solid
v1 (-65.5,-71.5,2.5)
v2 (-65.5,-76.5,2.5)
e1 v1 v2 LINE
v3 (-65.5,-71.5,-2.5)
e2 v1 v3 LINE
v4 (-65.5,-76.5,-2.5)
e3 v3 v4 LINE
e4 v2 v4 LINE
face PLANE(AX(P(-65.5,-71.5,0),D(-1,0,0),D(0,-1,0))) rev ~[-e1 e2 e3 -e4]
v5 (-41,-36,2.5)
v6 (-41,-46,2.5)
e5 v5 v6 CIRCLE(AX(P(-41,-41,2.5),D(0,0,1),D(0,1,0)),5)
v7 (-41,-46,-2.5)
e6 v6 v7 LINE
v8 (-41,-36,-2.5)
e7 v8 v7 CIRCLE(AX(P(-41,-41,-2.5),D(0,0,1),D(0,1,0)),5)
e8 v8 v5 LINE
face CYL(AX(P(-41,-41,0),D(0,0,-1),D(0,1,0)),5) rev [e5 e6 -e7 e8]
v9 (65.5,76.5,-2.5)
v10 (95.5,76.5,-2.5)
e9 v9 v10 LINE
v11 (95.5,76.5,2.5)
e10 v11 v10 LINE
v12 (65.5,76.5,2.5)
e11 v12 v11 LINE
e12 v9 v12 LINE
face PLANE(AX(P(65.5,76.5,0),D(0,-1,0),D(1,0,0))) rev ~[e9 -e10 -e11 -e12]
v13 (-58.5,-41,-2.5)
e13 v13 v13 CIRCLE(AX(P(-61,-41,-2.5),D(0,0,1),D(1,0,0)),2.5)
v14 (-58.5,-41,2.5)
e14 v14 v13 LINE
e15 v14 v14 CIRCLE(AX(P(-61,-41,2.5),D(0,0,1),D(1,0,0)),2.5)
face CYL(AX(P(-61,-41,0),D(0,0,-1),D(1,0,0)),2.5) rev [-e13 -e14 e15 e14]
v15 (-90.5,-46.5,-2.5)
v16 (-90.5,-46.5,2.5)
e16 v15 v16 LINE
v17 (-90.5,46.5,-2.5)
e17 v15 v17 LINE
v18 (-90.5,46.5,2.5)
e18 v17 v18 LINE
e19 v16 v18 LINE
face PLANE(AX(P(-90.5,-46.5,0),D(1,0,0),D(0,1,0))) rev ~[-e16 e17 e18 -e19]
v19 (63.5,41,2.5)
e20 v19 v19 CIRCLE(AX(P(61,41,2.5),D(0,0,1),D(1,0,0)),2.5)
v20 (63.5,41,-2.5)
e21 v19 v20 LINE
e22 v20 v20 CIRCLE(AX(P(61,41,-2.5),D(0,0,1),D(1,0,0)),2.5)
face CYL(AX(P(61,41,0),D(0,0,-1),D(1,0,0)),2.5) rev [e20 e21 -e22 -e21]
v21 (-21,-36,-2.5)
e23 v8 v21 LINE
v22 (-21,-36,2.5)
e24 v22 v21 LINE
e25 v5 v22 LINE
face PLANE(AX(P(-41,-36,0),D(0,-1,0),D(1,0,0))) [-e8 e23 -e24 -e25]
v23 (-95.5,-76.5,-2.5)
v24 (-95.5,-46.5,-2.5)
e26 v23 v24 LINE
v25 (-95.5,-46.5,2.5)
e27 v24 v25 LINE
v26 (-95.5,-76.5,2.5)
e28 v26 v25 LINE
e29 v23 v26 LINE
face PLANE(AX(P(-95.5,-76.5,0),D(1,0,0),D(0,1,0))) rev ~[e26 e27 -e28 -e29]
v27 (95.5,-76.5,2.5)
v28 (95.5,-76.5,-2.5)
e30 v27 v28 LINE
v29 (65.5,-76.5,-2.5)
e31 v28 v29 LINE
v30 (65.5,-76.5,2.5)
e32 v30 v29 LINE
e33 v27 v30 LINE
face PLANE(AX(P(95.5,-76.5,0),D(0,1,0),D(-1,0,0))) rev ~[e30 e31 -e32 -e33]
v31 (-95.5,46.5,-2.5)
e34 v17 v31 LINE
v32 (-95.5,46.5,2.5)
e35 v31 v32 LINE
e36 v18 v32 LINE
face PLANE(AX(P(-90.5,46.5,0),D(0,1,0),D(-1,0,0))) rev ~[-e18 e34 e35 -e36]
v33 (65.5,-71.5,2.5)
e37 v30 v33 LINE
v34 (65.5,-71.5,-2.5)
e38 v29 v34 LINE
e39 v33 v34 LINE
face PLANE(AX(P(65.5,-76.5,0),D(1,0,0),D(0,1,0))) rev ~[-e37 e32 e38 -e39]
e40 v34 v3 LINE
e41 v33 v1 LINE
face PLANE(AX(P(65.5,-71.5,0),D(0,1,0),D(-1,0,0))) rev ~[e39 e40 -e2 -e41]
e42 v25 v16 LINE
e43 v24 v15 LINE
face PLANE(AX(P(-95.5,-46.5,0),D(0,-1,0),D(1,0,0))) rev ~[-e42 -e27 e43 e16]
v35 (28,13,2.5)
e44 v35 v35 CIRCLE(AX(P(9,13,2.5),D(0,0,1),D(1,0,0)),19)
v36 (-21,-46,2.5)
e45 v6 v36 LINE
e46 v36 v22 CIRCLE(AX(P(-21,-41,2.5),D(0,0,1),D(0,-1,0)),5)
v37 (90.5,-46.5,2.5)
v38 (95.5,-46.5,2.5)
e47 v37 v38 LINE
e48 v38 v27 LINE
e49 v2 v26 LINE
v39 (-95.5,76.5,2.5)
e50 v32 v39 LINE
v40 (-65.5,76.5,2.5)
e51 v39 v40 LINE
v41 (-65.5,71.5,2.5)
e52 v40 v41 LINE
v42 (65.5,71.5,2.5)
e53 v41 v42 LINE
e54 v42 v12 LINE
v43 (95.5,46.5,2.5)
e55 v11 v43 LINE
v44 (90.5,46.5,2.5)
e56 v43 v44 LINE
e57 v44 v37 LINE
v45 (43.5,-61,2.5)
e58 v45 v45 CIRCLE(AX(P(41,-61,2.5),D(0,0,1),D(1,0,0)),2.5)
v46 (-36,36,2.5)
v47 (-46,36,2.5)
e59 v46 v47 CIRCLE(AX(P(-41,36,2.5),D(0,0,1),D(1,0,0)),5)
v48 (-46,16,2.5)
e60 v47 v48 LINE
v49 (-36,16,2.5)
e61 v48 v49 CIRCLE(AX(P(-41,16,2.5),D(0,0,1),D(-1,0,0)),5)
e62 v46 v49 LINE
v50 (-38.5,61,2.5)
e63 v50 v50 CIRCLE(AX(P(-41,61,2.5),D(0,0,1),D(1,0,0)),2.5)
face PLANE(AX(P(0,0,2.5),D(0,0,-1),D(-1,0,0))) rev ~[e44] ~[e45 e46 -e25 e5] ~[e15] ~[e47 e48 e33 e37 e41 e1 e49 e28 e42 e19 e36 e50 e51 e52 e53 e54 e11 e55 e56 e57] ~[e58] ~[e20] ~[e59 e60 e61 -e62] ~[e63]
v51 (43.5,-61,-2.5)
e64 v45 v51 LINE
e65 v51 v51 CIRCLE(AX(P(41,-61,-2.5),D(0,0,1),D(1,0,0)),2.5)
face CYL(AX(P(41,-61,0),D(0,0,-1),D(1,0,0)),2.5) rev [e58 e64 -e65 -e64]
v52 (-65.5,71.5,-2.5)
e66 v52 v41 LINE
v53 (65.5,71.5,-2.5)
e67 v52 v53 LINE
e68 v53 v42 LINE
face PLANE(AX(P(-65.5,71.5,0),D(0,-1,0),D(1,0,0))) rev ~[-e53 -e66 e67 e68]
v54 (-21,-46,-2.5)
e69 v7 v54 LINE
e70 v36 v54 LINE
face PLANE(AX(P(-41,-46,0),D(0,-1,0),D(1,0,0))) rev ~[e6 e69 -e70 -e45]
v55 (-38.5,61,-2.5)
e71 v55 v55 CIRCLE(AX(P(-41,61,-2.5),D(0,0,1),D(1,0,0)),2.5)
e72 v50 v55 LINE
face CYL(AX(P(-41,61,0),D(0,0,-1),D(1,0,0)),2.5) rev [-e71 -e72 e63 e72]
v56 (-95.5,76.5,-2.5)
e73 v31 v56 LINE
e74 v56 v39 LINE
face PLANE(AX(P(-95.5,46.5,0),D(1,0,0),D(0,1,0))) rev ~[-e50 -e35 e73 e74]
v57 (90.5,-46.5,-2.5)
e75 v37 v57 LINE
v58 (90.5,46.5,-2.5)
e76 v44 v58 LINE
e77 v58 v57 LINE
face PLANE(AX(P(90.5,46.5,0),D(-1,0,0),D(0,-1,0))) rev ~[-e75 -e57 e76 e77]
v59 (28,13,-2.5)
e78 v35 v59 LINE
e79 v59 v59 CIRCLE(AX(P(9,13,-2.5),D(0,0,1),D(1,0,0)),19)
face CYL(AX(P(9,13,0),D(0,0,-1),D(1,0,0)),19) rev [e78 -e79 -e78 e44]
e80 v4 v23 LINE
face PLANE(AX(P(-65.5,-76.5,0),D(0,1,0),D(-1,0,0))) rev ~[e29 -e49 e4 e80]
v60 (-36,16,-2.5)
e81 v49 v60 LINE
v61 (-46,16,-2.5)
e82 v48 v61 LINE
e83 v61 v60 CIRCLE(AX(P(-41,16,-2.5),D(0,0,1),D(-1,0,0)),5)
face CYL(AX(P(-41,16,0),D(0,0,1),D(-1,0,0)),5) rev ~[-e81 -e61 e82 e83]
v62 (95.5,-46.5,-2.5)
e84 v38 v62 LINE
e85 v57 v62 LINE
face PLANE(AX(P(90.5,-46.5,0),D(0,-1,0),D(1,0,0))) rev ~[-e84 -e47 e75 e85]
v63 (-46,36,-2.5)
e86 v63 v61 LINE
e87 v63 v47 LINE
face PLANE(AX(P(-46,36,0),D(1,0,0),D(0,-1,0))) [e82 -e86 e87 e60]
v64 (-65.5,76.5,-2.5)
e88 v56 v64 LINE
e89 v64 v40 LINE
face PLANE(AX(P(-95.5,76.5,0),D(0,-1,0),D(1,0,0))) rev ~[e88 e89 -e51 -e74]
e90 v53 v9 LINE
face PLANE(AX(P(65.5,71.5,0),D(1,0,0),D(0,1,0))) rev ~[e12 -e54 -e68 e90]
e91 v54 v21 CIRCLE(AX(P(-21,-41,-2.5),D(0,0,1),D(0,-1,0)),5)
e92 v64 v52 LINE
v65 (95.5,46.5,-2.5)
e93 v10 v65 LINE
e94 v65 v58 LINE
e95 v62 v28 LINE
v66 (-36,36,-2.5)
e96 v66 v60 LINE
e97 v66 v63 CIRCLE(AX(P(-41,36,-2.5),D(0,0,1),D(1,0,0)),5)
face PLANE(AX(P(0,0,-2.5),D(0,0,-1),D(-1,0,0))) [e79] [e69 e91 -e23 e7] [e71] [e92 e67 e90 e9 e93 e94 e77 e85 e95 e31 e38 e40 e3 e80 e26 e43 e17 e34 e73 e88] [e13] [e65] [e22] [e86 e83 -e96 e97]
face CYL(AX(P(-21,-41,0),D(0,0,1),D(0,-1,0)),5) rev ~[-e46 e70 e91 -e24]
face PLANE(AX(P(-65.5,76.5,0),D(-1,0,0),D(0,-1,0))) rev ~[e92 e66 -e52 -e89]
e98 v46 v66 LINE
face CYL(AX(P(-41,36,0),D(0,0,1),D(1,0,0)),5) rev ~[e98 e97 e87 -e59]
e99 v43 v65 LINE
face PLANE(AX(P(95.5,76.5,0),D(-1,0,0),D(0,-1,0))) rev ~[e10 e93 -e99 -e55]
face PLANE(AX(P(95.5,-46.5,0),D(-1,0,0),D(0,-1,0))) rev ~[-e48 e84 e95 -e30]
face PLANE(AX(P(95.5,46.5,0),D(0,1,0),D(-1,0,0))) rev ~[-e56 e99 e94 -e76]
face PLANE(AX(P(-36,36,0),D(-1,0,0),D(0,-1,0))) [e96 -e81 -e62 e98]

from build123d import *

# Parameters (mm, degrees)
SKETCH_R   = 2.5
SKETCH_R_2 = 19
PAD_DEPTH  = 2.5


with BuildPart() as part:
    # Sketch → Pad (new body, symmetric)
    with BuildSketch(Plane.XY):
        Polygon((65.5, 76.5), (95.5, 76.5), (95.5, 46.5), (90.5, 46.5), (90.5, -46.5), (95.5, -46.5), (95.5, -76.5), (65.5, -76.5), (65.5, -71.5), (-65.5, -71.5), (-65.5, -76.5), (-95.5, -76.5), (-95.5, -46.5), (-90.5, -46.5), (-90.5, 46.5), (-95.5, 46.5), (-95.5, 76.5), (-65.5, 76.5), (-65.5, 71.5), (65.5, 71.5), align=None)
        with Locations((-61, -41)):
            Circle(SKETCH_R, mode=Mode.SUBTRACT)
        with Locations((41, -61)):
            Circle(SKETCH_R, mode=Mode.SUBTRACT)
        with Locations((9, 13)):
            Circle(SKETCH_R_2, mode=Mode.SUBTRACT)
        with Locations((61, 41)):
            Circle(SKETCH_R, mode=Mode.SUBTRACT)
        with Locations((-41, 61)):
            Circle(SKETCH_R, mode=Mode.SUBTRACT)
        with BuildLine():
            ThreePointArc((-36, 36), (-41, 41), (-46, 36))
            Line((-46, 36), (-46, 16))
            ThreePointArc((-46, 16), (-41, 11), (-36, 16))
            Line((-36, 36), (-36, 16))
        make_face(mode=Mode.SUBTRACT)
        with BuildLine():
            ThreePointArc((-41, -36), (-46, -41), (-41, -46))
            Line((-41, -46), (-21, -46))
            ThreePointArc((-21, -46), (-16, -41), (-21, -36))
            Line((-41, -36), (-21, -36))
        make_face(mode=Mode.SUBTRACT)
    extrude(amount=PAD_DEPTH, both=True)


solid = part.part
